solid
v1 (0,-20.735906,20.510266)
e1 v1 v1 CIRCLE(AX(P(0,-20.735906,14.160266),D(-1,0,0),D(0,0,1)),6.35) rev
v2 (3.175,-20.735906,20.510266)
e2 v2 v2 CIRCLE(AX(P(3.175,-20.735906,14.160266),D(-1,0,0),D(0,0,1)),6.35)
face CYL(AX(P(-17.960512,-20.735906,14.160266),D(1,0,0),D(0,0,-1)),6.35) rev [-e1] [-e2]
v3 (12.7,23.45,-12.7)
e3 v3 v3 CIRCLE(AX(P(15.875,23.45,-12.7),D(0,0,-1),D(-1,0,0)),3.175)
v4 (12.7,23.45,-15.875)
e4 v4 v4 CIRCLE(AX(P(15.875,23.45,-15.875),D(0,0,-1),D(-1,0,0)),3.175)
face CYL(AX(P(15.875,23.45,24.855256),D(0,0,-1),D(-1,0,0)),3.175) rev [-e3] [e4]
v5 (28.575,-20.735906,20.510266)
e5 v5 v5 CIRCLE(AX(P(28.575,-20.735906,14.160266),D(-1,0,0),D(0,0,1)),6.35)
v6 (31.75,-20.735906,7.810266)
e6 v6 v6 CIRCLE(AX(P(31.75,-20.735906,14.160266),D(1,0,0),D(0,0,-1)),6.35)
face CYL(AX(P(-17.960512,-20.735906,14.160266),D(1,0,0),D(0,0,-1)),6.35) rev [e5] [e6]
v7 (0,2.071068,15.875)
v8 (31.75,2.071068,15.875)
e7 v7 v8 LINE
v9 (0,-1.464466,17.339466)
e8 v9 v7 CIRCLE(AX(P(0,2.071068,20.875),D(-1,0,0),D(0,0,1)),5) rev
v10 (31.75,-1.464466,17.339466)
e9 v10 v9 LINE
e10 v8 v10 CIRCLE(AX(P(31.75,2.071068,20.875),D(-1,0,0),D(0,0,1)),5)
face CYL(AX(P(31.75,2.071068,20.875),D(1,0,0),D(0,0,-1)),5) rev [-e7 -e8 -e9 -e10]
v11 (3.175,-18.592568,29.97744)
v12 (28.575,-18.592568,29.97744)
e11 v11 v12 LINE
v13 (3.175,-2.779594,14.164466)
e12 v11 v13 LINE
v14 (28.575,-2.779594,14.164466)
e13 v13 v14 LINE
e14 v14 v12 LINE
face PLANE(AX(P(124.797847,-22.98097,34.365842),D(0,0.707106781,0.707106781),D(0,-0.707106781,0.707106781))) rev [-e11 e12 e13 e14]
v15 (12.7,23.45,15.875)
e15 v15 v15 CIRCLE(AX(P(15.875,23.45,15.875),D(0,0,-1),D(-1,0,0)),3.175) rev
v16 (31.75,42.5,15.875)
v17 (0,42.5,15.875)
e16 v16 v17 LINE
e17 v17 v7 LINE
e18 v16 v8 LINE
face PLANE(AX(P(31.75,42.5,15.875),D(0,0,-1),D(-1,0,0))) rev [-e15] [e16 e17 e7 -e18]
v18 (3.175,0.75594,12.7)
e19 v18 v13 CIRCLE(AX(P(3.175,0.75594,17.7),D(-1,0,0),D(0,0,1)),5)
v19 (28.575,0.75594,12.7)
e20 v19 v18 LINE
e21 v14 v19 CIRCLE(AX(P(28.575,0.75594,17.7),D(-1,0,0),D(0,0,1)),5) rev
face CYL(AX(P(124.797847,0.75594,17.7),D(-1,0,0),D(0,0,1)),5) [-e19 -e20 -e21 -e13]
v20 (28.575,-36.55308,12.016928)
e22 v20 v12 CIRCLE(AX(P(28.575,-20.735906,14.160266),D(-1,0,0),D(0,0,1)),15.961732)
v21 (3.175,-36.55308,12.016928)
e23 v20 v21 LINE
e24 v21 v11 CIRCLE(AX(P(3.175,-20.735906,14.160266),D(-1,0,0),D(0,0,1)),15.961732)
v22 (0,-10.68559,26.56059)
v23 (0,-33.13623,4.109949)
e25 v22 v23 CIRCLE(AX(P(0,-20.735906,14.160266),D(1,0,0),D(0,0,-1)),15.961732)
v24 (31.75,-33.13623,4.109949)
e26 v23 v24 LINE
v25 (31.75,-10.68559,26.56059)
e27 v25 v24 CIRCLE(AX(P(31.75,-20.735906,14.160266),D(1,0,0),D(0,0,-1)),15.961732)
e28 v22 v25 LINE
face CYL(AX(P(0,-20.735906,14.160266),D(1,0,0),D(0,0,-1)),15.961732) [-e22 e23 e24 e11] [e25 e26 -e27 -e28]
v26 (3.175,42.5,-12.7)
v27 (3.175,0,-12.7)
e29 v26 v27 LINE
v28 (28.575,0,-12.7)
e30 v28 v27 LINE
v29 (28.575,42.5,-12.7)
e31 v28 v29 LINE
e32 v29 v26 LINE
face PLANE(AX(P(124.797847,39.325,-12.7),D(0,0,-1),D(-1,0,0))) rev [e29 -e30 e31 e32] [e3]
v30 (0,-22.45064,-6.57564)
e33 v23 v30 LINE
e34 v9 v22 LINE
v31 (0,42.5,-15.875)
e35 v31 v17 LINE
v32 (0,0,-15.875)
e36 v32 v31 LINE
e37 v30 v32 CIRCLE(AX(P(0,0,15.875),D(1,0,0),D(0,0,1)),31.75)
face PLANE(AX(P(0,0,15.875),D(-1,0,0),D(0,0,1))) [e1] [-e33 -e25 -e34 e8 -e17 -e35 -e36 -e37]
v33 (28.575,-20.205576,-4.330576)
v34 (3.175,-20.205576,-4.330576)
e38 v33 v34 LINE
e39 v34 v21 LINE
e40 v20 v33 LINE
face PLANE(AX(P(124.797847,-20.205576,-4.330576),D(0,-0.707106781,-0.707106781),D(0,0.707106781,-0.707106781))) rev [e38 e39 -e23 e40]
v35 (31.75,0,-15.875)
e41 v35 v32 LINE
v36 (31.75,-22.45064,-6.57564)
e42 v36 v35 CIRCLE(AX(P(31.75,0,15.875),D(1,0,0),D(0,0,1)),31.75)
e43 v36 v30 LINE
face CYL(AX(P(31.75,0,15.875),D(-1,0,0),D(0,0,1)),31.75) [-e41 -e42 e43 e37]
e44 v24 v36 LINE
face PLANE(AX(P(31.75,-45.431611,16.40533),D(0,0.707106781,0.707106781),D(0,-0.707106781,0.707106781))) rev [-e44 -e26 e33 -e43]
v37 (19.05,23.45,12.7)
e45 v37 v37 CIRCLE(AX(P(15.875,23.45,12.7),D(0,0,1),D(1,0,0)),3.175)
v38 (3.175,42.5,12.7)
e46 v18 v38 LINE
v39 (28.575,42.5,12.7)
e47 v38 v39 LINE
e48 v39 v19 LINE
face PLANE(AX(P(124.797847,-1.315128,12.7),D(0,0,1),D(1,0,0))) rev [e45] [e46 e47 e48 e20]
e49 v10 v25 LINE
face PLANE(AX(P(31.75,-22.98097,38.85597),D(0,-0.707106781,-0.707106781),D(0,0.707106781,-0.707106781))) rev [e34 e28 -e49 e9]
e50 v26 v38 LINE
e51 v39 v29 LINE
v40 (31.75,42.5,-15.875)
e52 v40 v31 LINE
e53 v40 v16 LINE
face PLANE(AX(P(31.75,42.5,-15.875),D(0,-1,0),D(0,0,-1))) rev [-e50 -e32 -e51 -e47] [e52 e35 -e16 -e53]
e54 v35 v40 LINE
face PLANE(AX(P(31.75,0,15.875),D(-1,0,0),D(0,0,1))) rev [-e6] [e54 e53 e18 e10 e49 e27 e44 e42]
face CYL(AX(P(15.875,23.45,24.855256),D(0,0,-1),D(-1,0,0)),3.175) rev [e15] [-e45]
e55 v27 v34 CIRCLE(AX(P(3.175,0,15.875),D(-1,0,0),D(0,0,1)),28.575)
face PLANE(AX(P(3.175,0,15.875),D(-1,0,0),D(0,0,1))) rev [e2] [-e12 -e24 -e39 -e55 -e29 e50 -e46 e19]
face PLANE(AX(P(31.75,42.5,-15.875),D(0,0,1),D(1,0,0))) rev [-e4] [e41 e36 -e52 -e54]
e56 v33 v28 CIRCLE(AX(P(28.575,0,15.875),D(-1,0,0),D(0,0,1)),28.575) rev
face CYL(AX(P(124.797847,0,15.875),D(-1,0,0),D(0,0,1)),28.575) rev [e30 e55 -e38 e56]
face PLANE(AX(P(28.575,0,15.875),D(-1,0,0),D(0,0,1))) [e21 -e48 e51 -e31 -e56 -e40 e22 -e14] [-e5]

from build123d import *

# Parameters (mm, degrees)
BOSS_EXTRUDE1_DEPTH = 31.75
CUT_EXTRUDE2_START  = -3.175
CUT_EXTRUDE2_DEPTH  = 25.4
SKETCH4_W           = 25.4
SKETCH4_H           = 25.4
CUT_EXTRUDE3_DEPTH  = 3.175
SKETCH6_W           = 25.4
SKETCH6_H           = 25.4
CUT_EXTRUDE5_DEPTH  = 3.175
FILLET1_R           = 5
CUT_EXTRUDE6_REACH  = 79.895
SKETCH8_R           = 3.175
CUT_EXTRUDE7_REACH  = 69.69
SKETCH9_R           = 6.35
CUT_EXTRUDE8_DEPTH  = 68.689586975


with BuildPart() as part:
    # Sketch1 → Boss-Extrude1 (new body)
    with BuildSketch(Plane(origin=(0, 0, 0), x_dir=(0, 0, -1), z_dir=(1, 0, 0))):
        with BuildLine():
            Line((15.875, 42.5), (-15.875, 42.5))
            Line((-15.875, 42.5), (-15.875, 0))
            Line((-15.875, 0), (-38.855970389, -22.980970389))
            Line((-38.855970389, -22.980970389), (-16.405330086, -45.431610691))
            Line((-16.405330086, -45.431610691), (6.575640303, -22.450640303))
            ThreePointArc((6.575640303, -22.450640303), (13.458175157, -12.150198978), (15.875, 0))
            Line((15.875, 0), (15.875, 42.5))
        make_face()
    extrude(amount=BOSS_EXTRUDE1_DEPTH)

    # Sketch3 → Cut-Extrude2 (cut)
    with BuildSketch(Plane.ZY.offset(CUT_EXTRUDE2_START)):
        with BuildLine():
            Line((16.405330086, -40.941482631), (34.365842328, -22.980970389))
            Line((34.365842328, -22.980970389), (12.7, -1.315128061))
            Line((12.7, -1.315128061), (12.7, 39.325))
            Line((12.7, 39.325), (-12.7, 39.325))
            Line((-12.7, 39.325), (-12.7, 0))
            ThreePointArc((-12.7, 0), (-10.524857642, -10.93517908), (-4.330576272, -20.205576272))
            Line((-4.330576272, -20.205576272), (16.405330086, -40.941482631))
        make_face()
    extrude(amount=-CUT_EXTRUDE2_DEPTH, mode=Mode.SUBTRACT)

    # Sketch4 → Cut-Extrude3 (cut)
    with BuildSketch(Plane(origin=(0, 42.5, 0), x_dir=(1, 0, 0), z_dir=(0, 1, 0))):
        with Locations((15.875, 0)):
            Rectangle(SKETCH4_W, SKETCH4_H)
    extrude(amount=-CUT_EXTRUDE3_DEPTH, mode=Mode.SUBTRACT)

    # Sketch6 → Cut-Extrude5 (cut)
    with BuildSketch(Plane(origin=(0, -30.918470389, 30.918470389), x_dir=(1, 0, 0), z_dir=(0, -0.7071067811865518, 0.7071067811865434))):
        with Locations((15.875, -4.649679849)):
            Rectangle(SKETCH6_W, SKETCH6_H)
    extrude(amount=-CUT_EXTRUDE5_DEPTH, mode=Mode.SUBTRACT)

    # Fillet1
    fillet1_edges = [part.edges().sort_by_distance(p)[0] for p in [
        (15.875, 0, 15.875),
        (15.875, -1.315128061, 12.7),
    ]]
    fillet(fillet1_edges, radius=FILLET1_R)

    # Cut-Extrude6: up to this face of the body (flat: up to its plane)
    cut_extrude6_end = Plane(part.part.faces().sort_by_distance((15.875, 22.285533906, 15.875))[0])
    # Sketch8 → Cut-Extrude6 (cut, up to the picked face)
    with BuildSketch(Plane(origin=(0, 0, -15.875), x_dir=(-1, 0, 0), z_dir=(0, 0, -1)), mode=Mode.PRIVATE) as cut_extrude6_sk1:
        with Locations((-15.875, 23.45)):
            Circle(SKETCH8_R)
    cut_extrude6_tool1 = split(extrude(cut_extrude6_sk1.sketch, amount=-CUT_EXTRUDE6_REACH, mode=Mode.PRIVATE), bisect_by=cut_extrude6_end, keep=Keep.BOTH, mode=Mode.PRIVATE)
    add(cut_extrude6_tool1.solids().sort_by(Axis((15.875, 23.45, -15.875), (0, 0, 1)))[0], mode=Mode.SUBTRACT)

    # Cut-Extrude7: up to this face of the body (flat: up to its plane)
    cut_extrude7_end = Plane(part.part.faces().sort_by_distance((0, 0.759502888, 5.54562078))[0])
    # Sketch9 → Cut-Extrude7 (cut, up to the picked face)
    with BuildSketch(Plane(origin=(31.75, 0, 0), x_dir=(0, 0, -1), z_dir=(1, 0, 0)), mode=Mode.PRIVATE) as cut_extrude7_sk1:
        with Locations(Location((-14.160266056, -20.735906358, 0), (0, 0, 180))):
            Circle(SKETCH9_R)
    cut_extrude7_tool1 = split(extrude(cut_extrude7_sk1.sketch, amount=-CUT_EXTRUDE7_REACH, mode=Mode.PRIVATE), bisect_by=cut_extrude7_end, keep=Keep.BOTH, mode=Mode.PRIVATE)
    add(cut_extrude7_tool1.solids().sort_by(Axis((31.75, -20.735906, 14.160266), (-1, 0, 0)))[0], mode=Mode.SUBTRACT)

    # Sketch11 → Cut-Extrude8 (cut, through all)
    with BuildSketch(Plane(origin=(31.75, 0, 0), x_dir=(0, 0, -1), z_dir=(1, 0, 0))):
        with BuildLine():
            ThreePointArc((-4.10994949, -33.136230095), (-25.446915068, -32.022555371), (-26.560589793, -10.685589793))
            Line((-26.560589793, -10.685589793), (-38.855970389, -22.980970389))
            Line((-38.855970389, -22.980970389), (-16.405330086, -45.431610691))
            Line((-16.405330086, -45.431610691), (-4.10994949, -33.136230095))
        make_face()
    extrude(amount=-CUT_EXTRUDE8_DEPTH, mode=Mode.SUBTRACT)


solid = part.part
